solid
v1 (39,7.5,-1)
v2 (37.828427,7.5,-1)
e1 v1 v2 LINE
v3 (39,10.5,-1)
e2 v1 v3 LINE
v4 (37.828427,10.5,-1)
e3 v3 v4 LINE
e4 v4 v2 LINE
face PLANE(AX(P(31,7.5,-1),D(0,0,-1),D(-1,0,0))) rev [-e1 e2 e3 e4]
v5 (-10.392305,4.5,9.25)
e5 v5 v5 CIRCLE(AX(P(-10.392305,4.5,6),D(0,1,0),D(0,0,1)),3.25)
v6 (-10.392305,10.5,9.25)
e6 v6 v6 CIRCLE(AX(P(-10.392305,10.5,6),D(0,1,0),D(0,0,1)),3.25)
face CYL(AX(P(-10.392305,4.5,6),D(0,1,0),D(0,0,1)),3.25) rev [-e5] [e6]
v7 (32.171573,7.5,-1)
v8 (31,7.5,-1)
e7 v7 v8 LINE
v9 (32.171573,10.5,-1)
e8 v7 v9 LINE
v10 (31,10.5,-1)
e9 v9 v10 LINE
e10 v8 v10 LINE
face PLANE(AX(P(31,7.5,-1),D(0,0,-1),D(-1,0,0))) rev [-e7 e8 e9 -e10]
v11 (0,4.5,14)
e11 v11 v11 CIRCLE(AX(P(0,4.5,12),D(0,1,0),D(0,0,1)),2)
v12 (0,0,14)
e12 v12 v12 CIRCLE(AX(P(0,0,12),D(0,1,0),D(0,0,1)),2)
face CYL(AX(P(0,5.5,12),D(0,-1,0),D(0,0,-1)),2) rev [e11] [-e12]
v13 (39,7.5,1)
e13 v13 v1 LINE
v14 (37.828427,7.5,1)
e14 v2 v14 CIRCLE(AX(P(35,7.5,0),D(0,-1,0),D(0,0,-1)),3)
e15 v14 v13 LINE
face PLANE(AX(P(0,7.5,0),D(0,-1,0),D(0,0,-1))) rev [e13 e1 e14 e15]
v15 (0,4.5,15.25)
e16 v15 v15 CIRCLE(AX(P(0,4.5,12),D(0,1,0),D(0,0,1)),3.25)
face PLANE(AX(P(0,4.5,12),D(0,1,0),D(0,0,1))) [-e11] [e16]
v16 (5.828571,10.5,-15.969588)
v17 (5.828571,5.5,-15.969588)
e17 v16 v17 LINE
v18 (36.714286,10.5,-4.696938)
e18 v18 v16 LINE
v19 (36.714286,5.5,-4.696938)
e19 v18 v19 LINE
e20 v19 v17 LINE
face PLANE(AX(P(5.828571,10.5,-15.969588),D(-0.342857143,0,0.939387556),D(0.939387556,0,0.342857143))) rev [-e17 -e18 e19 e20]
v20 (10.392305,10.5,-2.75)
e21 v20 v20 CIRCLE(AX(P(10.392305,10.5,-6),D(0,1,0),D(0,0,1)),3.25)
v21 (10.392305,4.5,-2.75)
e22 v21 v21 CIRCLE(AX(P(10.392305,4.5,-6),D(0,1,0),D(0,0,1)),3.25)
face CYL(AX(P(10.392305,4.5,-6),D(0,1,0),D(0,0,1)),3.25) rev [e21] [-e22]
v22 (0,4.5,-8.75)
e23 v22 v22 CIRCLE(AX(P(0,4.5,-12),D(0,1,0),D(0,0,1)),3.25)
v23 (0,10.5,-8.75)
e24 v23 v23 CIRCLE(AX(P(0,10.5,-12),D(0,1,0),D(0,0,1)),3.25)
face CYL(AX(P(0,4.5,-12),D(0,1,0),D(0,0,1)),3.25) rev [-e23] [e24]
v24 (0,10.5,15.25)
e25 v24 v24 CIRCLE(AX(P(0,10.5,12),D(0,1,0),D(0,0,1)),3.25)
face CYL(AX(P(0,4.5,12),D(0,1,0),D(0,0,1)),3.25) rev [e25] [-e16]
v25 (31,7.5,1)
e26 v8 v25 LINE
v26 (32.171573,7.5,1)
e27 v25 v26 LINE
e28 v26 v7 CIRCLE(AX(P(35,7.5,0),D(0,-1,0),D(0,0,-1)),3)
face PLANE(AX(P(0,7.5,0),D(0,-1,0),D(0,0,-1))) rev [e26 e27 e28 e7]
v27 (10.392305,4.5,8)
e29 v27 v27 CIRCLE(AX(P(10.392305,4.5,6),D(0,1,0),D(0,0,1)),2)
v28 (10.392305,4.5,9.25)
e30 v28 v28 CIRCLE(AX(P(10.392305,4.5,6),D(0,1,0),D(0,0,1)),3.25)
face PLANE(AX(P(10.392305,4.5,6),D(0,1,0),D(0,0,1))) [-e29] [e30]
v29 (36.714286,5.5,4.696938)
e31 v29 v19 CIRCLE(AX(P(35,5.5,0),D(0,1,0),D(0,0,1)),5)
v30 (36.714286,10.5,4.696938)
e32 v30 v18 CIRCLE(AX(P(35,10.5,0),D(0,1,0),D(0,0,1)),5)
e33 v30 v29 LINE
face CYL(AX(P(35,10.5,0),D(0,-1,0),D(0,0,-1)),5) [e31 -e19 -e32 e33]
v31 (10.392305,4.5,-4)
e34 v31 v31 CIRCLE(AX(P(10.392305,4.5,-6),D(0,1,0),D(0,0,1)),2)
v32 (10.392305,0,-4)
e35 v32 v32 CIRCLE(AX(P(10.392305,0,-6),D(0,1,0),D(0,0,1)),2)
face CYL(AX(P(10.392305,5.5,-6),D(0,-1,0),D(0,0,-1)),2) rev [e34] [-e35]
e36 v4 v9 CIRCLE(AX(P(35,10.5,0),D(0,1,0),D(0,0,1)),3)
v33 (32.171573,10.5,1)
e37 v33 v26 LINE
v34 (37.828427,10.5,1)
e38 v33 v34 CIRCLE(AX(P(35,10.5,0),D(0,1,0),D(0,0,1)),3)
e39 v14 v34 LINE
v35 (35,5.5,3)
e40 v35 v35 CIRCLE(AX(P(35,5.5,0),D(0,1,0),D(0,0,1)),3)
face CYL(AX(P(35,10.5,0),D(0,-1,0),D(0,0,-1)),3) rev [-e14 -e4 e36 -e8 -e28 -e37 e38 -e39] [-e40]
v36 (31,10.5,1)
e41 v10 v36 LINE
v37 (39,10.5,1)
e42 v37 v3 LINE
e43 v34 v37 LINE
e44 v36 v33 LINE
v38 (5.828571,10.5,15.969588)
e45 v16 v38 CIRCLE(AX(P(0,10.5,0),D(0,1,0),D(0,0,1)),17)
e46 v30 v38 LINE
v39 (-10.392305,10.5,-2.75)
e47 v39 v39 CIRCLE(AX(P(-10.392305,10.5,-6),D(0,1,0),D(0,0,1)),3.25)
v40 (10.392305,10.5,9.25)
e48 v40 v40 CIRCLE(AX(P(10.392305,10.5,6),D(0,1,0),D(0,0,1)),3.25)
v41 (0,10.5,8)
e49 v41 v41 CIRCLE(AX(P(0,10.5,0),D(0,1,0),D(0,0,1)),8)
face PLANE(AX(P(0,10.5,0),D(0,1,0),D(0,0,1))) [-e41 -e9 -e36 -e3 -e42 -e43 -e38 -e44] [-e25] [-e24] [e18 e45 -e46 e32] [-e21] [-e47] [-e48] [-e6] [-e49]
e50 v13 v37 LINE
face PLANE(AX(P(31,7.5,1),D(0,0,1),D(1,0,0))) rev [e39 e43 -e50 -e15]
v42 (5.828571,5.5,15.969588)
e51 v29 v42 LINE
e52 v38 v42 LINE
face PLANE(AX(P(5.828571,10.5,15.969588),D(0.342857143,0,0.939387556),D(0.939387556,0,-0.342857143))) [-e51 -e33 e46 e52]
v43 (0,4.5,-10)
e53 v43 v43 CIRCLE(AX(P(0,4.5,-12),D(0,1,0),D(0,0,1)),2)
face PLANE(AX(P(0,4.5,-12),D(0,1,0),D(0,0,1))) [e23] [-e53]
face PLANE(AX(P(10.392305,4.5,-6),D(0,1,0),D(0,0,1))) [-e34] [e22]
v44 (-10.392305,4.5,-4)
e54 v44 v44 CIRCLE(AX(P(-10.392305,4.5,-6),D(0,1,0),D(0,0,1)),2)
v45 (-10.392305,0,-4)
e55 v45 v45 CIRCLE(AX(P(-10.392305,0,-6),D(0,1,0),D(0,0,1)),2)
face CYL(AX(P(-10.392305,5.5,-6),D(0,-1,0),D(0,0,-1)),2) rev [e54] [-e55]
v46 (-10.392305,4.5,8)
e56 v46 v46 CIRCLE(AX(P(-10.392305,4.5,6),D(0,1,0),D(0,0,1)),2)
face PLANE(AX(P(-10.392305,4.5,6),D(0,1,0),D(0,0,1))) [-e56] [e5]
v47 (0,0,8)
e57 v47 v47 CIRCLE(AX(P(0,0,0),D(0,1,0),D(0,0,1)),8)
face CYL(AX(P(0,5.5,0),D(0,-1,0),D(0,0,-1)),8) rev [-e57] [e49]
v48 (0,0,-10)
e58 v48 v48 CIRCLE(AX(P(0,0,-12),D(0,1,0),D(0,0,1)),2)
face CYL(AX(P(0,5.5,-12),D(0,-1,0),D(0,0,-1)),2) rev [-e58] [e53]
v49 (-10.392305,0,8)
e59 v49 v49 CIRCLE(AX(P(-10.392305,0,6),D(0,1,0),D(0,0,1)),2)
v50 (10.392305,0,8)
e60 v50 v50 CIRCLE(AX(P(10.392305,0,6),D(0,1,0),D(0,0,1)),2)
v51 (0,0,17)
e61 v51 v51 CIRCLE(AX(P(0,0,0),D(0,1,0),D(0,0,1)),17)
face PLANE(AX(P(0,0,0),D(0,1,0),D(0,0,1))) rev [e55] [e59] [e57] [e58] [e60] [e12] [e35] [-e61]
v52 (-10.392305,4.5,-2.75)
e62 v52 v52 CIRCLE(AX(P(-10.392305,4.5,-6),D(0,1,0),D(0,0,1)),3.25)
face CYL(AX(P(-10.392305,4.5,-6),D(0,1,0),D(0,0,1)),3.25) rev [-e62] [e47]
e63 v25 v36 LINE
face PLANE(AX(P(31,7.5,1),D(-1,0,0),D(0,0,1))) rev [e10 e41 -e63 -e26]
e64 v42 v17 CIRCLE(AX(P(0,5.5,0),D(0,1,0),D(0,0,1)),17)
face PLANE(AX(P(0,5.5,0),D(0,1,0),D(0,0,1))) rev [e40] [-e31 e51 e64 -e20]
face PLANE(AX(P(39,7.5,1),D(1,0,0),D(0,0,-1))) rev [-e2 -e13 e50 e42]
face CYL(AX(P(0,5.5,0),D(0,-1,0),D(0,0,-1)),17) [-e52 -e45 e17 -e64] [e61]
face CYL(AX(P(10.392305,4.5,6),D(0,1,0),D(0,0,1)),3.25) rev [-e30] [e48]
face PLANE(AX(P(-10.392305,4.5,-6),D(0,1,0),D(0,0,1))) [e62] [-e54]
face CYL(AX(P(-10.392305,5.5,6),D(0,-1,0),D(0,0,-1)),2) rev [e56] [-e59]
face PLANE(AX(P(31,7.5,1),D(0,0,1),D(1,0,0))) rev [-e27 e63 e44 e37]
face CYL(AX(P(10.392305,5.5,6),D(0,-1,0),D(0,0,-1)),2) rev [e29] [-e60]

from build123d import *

# Parameters (mm, degrees)
SKETCH_1_R          = 17
SKETCH_1_R_2        = 2
SKETCH_1_R_3        = 8
EXTRUDE_1_DEPTH     = 5.5
EXTRUDE_START       = 5.5
SKETCH_1_3_R        = 2
SKETCH_1_3_R_2      = 3
SKETCH_1_3_R_3      = 8
EXTRUDE_2_DEPTH     = 5
SKETCH_2_R          = 3.25
CUT_EXTRUDE_4_DEPTH = 6
SKETCH_3_W          = 8
SKETCH_3_H          = 2
CUT_EXTRUDE_5_DEPTH = 3


with BuildPart() as part:
    # 스케치1 → 보스-돌출1 (new body)
    with BuildSketch(Plane(origin=(0, 0, 0), x_dir=(1, 0, 0), z_dir=(0, 1, 0))):
        with Locations(Location((0, 0, 0), (0, 0, 270))):
            Circle(SKETCH_1_R)
        with Locations(Location((0, 12, 0), (0, 0, 270))):
            Circle(SKETCH_1_R_2, mode=Mode.SUBTRACT)
        with Locations(Location((10.392304845, 6, 0), (0, 0, 270))):
            Circle(SKETCH_1_R_2, mode=Mode.SUBTRACT)
        with Locations(Location((10.392304845, -6, 0), (0, 0, 270))):
            Circle(SKETCH_1_R_2, mode=Mode.SUBTRACT)
        with Locations(Location((0, -12, 0), (0, 0, 270))):
            Circle(SKETCH_1_R_2, mode=Mode.SUBTRACT)
        with Locations(Location((-10.392304845, -6, 0), (0, 0, 270))):
            Circle(SKETCH_1_R_2, mode=Mode.SUBTRACT)
        with Locations(Location((-10.392304845, 6, 0), (0, 0, 270))):
            Circle(SKETCH_1_R_2, mode=Mode.SUBTRACT)
        with Locations(Location((0, 0, 0), (0, 0, 270))):
            Circle(SKETCH_1_R_3, mode=Mode.SUBTRACT)
    extrude(amount=EXTRUDE_1_DEPTH)

    # 스케치1<3> → 보스-돌출2 (add)
    with BuildSketch(Plane(origin=(0, 0, 0), x_dir=(1, 0, 0), z_dir=(0, 1, 0)).offset(EXTRUDE_START)):
        with BuildLine():
            Line((36.714285714, 4.696937778), (5.828571429, 15.969588445))
            ThreePointArc((5.828571429, 15.969588445), (-17, 0), (5.828571429, -15.969588445))
            Line((5.828571429, -15.969588445), (36.714285714, -4.696937778))
            ThreePointArc((36.714285714, -4.696937778), (40, 0), (36.714285714, 4.696937778))
        make_face()
        with Locations(Location((10.392304845, -6, 0), (0, 0, 270))):
            Circle(SKETCH_1_3_R, mode=Mode.SUBTRACT)
        with Locations(Location((0, -12, 0), (0, 0, 270))):
            Circle(SKETCH_1_3_R, mode=Mode.SUBTRACT)
        with Locations(Location((-10.392304845, -6, 0), (0, 0, 270))):
            Circle(SKETCH_1_3_R, mode=Mode.SUBTRACT)
        with Locations(Location((-10.392304845, 6, 0), (0, 0, 270))):
            Circle(SKETCH_1_3_R, mode=Mode.SUBTRACT)
        with Locations(Location((0, 12, 0), (0, 0, 270))):
            Circle(SKETCH_1_3_R, mode=Mode.SUBTRACT)
        with Locations(Location((10.392304845, 6, 0), (0, 0, 270))):
            Circle(SKETCH_1_3_R, mode=Mode.SUBTRACT)
        with Locations(Location((35, 0, 0), (0, 0, 270))):
            Circle(SKETCH_1_3_R_2, mode=Mode.SUBTRACT)
        with Locations(Location((0, 0, 0), (0, 0, 270))):
            Circle(SKETCH_1_3_R_3, mode=Mode.SUBTRACT)
    extrude(amount=EXTRUDE_2_DEPTH)

    # 스케치2 → 컷-돌출4 (cut)
    with BuildSketch(Plane(origin=(0, 10.5, 0), x_dir=(1, 0, 0), z_dir=(0, 1, 0))):
        with Locations(Location((0, 12, 0), (0, 0, 270))):
            Circle(SKETCH_2_R)
        with Locations(Location((10.392304845, 6, 0), (0, 0, 270))):
            Circle(SKETCH_2_R)
        with Locations(Location((10.392304845, -6, 0), (0, 0, 270))):
            Circle(SKETCH_2_R)
        with Locations(Location((0, -12, 0), (0, 0, 270))):
            Circle(SKETCH_2_R)
        with Locations(Location((-10.392304845, -6, 0), (0, 0, 270))):
            Circle(SKETCH_2_R)
        with Locations(Location((-10.392304845, 6, 0), (0, 0, 270))):
            Circle(SKETCH_2_R)
    extrude(amount=-CUT_EXTRUDE_4_DEPTH, mode=Mode.SUBTRACT)

    # 스케치3 → 컷-돌출5 (cut)
    with BuildSketch(Plane(origin=(0, 10.5, 0), x_dir=(1, 0, 0), z_dir=(0, 1, 0))):
        with Locations((35, 0)):
            Rectangle(SKETCH_3_W, SKETCH_3_H)
    extrude(amount=-CUT_EXTRUDE_5_DEPTH, mode=Mode.SUBTRACT)


solid = part.part
